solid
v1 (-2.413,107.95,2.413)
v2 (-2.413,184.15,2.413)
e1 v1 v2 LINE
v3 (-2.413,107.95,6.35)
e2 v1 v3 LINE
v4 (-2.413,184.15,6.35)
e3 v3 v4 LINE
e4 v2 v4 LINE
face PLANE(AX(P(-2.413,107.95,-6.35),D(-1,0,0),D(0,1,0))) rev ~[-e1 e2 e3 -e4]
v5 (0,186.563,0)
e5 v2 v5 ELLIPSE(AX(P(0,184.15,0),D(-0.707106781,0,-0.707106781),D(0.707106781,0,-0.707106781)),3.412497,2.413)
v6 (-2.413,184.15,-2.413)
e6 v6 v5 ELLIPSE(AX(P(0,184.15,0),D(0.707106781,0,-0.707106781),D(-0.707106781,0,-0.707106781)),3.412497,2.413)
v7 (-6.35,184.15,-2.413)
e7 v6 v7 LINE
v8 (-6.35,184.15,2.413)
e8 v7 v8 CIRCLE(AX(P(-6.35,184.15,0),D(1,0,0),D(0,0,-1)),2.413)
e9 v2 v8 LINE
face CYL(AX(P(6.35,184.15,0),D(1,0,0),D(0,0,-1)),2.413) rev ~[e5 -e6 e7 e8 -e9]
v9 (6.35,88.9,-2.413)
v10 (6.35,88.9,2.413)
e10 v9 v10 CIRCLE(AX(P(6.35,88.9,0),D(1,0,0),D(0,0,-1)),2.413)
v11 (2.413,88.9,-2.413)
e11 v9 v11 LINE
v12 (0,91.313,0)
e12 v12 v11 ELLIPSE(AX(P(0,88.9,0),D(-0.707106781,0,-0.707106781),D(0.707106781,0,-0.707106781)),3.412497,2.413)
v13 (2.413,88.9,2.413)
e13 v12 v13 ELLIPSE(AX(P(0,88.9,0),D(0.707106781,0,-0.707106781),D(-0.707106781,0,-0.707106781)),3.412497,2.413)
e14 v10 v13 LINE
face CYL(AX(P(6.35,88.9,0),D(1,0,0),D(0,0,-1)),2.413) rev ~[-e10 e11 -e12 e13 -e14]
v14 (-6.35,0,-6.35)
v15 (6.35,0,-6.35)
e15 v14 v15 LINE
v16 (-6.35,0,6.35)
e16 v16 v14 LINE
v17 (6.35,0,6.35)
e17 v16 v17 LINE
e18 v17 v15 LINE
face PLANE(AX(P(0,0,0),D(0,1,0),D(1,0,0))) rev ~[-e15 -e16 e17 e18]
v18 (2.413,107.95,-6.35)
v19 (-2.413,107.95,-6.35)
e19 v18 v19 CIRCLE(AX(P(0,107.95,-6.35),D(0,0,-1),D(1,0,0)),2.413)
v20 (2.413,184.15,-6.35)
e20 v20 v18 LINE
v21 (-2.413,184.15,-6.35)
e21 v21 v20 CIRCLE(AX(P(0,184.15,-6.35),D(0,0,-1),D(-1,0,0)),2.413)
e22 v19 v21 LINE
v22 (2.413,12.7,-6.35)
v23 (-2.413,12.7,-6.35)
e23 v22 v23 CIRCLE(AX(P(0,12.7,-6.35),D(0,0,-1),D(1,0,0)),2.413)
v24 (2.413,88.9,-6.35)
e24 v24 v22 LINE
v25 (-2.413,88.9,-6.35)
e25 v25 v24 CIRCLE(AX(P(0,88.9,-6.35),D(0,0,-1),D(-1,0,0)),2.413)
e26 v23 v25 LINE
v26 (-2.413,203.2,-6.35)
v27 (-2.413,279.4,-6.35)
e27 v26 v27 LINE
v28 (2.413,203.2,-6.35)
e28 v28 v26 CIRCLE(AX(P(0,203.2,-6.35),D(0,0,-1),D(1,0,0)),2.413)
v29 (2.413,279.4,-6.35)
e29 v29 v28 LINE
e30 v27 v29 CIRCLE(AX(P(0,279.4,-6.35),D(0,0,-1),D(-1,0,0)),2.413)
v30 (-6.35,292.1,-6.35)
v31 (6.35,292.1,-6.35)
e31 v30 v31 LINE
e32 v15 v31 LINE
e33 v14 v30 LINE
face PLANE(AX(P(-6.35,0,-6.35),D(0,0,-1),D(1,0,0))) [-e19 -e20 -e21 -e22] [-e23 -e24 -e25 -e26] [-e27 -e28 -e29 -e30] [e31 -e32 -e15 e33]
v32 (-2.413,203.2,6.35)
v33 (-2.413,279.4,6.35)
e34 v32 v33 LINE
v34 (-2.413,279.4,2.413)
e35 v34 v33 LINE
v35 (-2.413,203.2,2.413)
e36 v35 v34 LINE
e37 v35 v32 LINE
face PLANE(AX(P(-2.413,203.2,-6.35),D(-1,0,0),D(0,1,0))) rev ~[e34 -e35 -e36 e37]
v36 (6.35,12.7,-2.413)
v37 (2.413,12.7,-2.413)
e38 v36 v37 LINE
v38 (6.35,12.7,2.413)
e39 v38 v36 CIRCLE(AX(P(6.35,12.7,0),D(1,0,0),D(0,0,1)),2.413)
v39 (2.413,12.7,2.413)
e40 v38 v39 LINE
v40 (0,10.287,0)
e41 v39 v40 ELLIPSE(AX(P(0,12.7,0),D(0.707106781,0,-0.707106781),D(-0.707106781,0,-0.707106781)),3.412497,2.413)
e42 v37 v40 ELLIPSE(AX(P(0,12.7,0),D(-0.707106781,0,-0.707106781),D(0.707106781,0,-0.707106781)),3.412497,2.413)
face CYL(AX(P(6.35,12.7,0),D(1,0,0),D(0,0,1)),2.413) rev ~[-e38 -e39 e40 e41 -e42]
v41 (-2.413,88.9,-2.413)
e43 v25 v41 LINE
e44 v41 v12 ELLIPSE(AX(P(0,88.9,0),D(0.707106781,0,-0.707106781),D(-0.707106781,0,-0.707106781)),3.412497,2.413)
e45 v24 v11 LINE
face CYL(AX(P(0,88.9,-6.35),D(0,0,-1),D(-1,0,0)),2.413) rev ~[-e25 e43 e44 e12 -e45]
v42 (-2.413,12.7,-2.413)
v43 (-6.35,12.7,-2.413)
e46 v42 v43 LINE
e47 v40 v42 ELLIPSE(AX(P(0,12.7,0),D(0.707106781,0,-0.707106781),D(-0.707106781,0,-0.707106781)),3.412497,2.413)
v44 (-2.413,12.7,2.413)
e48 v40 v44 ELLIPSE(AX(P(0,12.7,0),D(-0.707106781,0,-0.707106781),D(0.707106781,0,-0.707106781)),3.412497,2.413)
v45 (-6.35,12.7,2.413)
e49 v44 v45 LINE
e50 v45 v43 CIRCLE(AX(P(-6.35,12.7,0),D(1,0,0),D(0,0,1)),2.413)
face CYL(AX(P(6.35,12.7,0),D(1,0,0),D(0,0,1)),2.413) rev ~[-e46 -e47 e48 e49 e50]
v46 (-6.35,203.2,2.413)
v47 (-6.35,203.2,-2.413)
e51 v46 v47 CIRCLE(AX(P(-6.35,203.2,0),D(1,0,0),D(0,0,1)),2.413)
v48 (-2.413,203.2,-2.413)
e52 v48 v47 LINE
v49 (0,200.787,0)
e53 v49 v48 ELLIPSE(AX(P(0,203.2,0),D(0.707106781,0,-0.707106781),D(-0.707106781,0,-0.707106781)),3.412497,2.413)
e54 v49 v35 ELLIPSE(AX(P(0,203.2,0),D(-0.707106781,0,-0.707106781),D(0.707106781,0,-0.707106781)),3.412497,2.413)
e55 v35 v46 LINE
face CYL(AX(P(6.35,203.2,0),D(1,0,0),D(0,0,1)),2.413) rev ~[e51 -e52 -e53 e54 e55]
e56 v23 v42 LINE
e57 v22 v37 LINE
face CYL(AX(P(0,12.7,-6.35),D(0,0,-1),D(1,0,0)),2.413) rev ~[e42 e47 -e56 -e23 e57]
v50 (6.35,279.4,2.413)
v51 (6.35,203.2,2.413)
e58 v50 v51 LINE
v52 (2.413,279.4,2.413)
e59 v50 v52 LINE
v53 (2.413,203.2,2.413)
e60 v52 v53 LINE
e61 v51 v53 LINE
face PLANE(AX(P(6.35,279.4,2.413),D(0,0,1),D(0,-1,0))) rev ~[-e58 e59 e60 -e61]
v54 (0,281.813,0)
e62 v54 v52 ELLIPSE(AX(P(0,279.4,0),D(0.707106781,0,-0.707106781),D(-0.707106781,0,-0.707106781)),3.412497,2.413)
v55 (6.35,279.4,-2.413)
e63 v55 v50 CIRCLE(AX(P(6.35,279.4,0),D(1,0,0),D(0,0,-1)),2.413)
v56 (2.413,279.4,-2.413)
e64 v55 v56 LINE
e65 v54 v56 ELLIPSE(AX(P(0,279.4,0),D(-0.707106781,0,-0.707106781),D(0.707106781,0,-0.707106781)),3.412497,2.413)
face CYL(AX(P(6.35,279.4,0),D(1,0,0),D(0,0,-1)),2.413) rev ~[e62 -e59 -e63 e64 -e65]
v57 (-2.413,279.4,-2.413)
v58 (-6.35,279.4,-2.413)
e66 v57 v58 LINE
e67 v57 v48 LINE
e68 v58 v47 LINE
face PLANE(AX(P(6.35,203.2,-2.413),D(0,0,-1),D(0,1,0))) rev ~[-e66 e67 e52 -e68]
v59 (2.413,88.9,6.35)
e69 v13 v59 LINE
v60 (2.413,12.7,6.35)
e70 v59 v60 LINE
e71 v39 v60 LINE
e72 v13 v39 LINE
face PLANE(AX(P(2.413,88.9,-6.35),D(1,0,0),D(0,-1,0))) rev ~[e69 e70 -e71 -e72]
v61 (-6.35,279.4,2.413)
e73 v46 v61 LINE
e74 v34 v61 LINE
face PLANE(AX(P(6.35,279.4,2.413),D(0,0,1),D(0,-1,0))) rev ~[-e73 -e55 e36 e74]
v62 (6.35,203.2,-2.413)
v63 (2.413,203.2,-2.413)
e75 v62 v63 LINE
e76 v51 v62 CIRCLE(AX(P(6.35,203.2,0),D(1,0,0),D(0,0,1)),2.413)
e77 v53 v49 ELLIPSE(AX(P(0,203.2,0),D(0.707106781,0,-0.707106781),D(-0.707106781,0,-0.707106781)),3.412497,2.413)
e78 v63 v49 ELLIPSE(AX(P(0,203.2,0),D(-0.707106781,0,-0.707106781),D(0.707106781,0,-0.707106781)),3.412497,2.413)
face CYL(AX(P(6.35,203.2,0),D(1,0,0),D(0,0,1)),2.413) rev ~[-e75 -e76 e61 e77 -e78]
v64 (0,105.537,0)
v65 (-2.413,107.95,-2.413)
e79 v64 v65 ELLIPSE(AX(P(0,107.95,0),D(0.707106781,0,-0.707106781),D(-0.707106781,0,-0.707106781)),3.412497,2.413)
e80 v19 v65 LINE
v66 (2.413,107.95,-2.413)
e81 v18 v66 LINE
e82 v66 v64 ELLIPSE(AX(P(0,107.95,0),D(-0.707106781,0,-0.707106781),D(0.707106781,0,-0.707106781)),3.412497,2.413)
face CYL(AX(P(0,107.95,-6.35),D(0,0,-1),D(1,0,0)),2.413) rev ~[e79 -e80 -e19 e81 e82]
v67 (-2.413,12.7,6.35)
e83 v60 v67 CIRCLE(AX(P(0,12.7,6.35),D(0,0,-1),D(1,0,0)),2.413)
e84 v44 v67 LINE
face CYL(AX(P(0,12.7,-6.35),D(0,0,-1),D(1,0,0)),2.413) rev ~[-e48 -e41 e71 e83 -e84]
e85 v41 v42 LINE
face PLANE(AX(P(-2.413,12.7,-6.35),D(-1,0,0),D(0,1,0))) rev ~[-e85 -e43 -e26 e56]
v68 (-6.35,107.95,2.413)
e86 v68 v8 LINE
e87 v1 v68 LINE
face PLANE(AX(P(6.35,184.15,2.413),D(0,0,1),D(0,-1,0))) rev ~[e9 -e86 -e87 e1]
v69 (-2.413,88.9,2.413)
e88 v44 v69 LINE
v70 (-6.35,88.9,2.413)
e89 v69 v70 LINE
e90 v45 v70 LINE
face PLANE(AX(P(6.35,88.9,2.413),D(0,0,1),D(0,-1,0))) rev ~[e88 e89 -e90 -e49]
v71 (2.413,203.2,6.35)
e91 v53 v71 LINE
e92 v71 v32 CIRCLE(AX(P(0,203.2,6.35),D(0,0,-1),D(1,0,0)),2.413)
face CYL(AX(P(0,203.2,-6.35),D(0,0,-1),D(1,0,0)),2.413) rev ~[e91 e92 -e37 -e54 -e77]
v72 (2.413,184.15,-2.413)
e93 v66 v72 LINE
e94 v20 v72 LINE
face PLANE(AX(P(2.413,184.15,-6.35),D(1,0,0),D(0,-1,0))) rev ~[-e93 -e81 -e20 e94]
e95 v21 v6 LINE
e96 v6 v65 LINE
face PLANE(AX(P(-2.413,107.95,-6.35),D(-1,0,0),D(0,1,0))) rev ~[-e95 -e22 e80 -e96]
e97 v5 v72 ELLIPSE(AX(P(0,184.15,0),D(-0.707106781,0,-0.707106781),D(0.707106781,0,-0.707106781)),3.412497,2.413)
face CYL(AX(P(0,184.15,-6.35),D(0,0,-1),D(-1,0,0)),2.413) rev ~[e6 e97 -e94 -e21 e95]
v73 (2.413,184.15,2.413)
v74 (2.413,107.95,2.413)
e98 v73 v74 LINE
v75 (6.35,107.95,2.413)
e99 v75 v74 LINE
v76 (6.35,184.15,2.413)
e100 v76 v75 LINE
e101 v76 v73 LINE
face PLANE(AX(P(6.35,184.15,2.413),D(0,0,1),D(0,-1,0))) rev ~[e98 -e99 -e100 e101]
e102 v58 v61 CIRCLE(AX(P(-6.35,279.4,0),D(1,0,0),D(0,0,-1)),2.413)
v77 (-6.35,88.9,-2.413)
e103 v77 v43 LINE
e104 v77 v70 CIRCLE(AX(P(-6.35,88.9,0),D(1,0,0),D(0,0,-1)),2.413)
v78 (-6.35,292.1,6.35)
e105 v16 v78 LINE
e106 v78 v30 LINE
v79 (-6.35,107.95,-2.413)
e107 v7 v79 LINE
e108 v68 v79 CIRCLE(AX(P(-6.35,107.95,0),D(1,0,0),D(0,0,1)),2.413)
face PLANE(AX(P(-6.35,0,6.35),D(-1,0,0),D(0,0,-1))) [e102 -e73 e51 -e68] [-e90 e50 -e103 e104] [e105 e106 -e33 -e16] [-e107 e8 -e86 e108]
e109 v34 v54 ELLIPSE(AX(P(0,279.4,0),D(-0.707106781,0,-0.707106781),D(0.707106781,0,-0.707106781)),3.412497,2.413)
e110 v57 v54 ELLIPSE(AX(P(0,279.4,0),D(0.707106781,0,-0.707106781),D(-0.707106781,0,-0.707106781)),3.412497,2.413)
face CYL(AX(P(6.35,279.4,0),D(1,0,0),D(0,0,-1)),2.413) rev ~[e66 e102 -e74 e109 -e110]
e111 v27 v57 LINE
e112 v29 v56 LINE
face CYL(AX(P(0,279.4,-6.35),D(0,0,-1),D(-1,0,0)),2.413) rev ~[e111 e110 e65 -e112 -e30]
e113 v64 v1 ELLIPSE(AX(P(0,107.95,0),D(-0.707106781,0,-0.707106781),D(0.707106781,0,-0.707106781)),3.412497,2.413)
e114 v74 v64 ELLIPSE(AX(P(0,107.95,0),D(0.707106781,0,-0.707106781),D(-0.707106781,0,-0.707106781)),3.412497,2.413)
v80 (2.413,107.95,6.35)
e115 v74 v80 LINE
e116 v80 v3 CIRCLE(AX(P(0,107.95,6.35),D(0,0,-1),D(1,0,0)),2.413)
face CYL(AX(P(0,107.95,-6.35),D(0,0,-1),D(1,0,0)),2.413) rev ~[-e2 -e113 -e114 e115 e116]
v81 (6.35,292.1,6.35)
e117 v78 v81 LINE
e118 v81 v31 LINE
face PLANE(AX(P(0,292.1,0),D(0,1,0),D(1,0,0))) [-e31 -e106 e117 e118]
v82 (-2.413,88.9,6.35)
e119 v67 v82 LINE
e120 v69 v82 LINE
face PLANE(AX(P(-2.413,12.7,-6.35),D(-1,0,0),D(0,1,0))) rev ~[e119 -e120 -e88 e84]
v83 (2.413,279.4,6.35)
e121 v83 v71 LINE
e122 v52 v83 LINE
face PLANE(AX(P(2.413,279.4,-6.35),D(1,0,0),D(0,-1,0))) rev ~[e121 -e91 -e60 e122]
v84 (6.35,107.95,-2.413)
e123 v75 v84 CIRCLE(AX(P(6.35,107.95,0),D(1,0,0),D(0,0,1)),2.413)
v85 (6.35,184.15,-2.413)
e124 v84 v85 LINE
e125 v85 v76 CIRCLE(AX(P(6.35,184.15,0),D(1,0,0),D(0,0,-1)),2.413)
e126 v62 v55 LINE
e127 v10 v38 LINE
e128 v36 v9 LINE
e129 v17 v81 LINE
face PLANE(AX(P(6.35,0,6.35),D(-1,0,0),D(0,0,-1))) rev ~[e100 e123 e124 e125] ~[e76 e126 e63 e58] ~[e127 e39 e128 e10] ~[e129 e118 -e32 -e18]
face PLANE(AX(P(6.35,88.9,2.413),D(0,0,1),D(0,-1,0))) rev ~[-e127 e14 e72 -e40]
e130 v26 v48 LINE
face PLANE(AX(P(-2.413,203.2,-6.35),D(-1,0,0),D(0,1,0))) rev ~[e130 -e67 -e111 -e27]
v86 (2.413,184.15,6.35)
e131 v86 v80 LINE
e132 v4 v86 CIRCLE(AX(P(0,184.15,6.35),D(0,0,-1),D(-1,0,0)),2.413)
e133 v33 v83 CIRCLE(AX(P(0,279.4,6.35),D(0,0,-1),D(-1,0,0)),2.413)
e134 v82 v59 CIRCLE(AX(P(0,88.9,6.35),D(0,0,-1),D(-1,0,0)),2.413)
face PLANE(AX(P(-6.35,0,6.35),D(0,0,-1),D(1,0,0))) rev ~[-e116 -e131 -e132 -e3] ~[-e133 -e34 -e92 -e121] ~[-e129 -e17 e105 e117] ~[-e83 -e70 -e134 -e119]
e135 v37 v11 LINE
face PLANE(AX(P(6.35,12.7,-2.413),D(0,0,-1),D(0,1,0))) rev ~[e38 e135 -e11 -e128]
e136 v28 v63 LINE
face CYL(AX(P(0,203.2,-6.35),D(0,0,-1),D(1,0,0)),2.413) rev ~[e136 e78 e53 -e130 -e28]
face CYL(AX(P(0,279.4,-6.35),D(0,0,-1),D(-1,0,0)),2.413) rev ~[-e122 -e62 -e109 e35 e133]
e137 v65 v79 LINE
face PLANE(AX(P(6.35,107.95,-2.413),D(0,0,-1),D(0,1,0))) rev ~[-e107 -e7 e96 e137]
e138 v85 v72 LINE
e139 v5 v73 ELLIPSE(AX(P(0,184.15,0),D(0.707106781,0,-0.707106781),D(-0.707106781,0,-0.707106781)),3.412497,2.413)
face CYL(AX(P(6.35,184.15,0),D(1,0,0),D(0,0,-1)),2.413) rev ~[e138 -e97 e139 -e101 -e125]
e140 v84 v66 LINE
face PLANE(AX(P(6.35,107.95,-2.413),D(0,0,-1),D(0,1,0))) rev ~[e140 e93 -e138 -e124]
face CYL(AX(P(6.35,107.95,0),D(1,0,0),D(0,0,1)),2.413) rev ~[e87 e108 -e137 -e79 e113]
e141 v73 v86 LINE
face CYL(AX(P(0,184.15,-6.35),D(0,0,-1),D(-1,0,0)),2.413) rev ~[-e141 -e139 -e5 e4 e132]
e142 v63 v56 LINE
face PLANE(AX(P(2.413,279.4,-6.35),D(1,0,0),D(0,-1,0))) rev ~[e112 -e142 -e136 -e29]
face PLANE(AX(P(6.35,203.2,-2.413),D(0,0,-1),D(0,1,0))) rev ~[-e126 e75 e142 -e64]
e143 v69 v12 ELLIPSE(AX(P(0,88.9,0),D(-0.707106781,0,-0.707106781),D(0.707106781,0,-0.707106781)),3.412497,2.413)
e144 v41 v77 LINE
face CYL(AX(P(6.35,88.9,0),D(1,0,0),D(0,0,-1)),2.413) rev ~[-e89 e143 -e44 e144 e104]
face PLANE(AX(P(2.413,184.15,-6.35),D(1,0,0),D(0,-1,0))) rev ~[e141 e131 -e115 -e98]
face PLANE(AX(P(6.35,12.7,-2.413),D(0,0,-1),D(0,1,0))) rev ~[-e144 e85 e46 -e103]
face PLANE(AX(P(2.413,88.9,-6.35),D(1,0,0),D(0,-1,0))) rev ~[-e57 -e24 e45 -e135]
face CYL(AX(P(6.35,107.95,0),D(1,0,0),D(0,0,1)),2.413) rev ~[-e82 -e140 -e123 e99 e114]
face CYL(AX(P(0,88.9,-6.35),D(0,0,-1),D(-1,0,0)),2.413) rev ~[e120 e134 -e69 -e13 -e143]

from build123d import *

# Parameters (mm, degrees)
SKETCH1_W           = 12.7
SKETCH1_H           = 12.7
BOSS_EXTRUDE1_DEPTH = 292.1
CUT_EXTRUDE1_DEPTH  = 13.7
CUT_EXTRUDE2_DEPTH  = 13.7
LPATTERN1_COUNT     = 3
LPATTERN1_PITCH     = 95.25


with BuildPart() as part:
    # Sketch1 → Boss-Extrude1 (new body)
    with BuildSketch(Plane(origin=(0, 0, 0), x_dir=(1, 0, 0), z_dir=(0, 1, 0))):
        Rectangle(SKETCH1_W, SKETCH1_H)
    extrude(amount=BOSS_EXTRUDE1_DEPTH)

    # Sketch2 → Cut-Extrude1 (cut, through all)
    with BuildSketch(Plane(origin=(0, 0, -6.35), x_dir=(-1, 0, 0), z_dir=(0, 0, -1))):
        with BuildLine():
            Line((-2.413, 279.4), (-2.413, 203.2))
            ThreePointArc((-2.413, 203.2), (0, 200.787), (2.413, 203.2))
            Line((2.413, 203.2), (2.413, 279.4))
            ThreePointArc((2.413, 279.4), (0, 281.813), (-2.413, 279.4))
        make_face()
    cut_extrude1 = extrude(amount=-CUT_EXTRUDE1_DEPTH, mode=Mode.SUBTRACT)

    # Sketch3 → Cut-Extrude2 (cut, through all)
    with BuildSketch(Plane(origin=(6.35, 0, 0), x_dir=(0, 0, -1), z_dir=(1, 0, 0))):
        with BuildLine():
            Line((-2.413, 279.4), (-2.413, 203.2))
            ThreePointArc((-2.413, 203.2), (0, 200.787), (2.413, 203.2))
            Line((2.413, 203.2), (2.413, 279.4))
            ThreePointArc((2.413, 279.4), (0, 281.813), (-2.413, 279.4))
        make_face()
    cut_extrude2 = extrude(amount=-CUT_EXTRUDE2_DEPTH, mode=Mode.SUBTRACT)

    # LPattern1: Cut-Extrude1, Cut-Extrude2 ×3
    with Locations(*[(0, -i * LPATTERN1_PITCH, 0) for i in range(1, LPATTERN1_COUNT)]):
        add(cut_extrude1, mode=Mode.SUBTRACT)
        add(cut_extrude2, mode=Mode.SUBTRACT)


solid = part.part
